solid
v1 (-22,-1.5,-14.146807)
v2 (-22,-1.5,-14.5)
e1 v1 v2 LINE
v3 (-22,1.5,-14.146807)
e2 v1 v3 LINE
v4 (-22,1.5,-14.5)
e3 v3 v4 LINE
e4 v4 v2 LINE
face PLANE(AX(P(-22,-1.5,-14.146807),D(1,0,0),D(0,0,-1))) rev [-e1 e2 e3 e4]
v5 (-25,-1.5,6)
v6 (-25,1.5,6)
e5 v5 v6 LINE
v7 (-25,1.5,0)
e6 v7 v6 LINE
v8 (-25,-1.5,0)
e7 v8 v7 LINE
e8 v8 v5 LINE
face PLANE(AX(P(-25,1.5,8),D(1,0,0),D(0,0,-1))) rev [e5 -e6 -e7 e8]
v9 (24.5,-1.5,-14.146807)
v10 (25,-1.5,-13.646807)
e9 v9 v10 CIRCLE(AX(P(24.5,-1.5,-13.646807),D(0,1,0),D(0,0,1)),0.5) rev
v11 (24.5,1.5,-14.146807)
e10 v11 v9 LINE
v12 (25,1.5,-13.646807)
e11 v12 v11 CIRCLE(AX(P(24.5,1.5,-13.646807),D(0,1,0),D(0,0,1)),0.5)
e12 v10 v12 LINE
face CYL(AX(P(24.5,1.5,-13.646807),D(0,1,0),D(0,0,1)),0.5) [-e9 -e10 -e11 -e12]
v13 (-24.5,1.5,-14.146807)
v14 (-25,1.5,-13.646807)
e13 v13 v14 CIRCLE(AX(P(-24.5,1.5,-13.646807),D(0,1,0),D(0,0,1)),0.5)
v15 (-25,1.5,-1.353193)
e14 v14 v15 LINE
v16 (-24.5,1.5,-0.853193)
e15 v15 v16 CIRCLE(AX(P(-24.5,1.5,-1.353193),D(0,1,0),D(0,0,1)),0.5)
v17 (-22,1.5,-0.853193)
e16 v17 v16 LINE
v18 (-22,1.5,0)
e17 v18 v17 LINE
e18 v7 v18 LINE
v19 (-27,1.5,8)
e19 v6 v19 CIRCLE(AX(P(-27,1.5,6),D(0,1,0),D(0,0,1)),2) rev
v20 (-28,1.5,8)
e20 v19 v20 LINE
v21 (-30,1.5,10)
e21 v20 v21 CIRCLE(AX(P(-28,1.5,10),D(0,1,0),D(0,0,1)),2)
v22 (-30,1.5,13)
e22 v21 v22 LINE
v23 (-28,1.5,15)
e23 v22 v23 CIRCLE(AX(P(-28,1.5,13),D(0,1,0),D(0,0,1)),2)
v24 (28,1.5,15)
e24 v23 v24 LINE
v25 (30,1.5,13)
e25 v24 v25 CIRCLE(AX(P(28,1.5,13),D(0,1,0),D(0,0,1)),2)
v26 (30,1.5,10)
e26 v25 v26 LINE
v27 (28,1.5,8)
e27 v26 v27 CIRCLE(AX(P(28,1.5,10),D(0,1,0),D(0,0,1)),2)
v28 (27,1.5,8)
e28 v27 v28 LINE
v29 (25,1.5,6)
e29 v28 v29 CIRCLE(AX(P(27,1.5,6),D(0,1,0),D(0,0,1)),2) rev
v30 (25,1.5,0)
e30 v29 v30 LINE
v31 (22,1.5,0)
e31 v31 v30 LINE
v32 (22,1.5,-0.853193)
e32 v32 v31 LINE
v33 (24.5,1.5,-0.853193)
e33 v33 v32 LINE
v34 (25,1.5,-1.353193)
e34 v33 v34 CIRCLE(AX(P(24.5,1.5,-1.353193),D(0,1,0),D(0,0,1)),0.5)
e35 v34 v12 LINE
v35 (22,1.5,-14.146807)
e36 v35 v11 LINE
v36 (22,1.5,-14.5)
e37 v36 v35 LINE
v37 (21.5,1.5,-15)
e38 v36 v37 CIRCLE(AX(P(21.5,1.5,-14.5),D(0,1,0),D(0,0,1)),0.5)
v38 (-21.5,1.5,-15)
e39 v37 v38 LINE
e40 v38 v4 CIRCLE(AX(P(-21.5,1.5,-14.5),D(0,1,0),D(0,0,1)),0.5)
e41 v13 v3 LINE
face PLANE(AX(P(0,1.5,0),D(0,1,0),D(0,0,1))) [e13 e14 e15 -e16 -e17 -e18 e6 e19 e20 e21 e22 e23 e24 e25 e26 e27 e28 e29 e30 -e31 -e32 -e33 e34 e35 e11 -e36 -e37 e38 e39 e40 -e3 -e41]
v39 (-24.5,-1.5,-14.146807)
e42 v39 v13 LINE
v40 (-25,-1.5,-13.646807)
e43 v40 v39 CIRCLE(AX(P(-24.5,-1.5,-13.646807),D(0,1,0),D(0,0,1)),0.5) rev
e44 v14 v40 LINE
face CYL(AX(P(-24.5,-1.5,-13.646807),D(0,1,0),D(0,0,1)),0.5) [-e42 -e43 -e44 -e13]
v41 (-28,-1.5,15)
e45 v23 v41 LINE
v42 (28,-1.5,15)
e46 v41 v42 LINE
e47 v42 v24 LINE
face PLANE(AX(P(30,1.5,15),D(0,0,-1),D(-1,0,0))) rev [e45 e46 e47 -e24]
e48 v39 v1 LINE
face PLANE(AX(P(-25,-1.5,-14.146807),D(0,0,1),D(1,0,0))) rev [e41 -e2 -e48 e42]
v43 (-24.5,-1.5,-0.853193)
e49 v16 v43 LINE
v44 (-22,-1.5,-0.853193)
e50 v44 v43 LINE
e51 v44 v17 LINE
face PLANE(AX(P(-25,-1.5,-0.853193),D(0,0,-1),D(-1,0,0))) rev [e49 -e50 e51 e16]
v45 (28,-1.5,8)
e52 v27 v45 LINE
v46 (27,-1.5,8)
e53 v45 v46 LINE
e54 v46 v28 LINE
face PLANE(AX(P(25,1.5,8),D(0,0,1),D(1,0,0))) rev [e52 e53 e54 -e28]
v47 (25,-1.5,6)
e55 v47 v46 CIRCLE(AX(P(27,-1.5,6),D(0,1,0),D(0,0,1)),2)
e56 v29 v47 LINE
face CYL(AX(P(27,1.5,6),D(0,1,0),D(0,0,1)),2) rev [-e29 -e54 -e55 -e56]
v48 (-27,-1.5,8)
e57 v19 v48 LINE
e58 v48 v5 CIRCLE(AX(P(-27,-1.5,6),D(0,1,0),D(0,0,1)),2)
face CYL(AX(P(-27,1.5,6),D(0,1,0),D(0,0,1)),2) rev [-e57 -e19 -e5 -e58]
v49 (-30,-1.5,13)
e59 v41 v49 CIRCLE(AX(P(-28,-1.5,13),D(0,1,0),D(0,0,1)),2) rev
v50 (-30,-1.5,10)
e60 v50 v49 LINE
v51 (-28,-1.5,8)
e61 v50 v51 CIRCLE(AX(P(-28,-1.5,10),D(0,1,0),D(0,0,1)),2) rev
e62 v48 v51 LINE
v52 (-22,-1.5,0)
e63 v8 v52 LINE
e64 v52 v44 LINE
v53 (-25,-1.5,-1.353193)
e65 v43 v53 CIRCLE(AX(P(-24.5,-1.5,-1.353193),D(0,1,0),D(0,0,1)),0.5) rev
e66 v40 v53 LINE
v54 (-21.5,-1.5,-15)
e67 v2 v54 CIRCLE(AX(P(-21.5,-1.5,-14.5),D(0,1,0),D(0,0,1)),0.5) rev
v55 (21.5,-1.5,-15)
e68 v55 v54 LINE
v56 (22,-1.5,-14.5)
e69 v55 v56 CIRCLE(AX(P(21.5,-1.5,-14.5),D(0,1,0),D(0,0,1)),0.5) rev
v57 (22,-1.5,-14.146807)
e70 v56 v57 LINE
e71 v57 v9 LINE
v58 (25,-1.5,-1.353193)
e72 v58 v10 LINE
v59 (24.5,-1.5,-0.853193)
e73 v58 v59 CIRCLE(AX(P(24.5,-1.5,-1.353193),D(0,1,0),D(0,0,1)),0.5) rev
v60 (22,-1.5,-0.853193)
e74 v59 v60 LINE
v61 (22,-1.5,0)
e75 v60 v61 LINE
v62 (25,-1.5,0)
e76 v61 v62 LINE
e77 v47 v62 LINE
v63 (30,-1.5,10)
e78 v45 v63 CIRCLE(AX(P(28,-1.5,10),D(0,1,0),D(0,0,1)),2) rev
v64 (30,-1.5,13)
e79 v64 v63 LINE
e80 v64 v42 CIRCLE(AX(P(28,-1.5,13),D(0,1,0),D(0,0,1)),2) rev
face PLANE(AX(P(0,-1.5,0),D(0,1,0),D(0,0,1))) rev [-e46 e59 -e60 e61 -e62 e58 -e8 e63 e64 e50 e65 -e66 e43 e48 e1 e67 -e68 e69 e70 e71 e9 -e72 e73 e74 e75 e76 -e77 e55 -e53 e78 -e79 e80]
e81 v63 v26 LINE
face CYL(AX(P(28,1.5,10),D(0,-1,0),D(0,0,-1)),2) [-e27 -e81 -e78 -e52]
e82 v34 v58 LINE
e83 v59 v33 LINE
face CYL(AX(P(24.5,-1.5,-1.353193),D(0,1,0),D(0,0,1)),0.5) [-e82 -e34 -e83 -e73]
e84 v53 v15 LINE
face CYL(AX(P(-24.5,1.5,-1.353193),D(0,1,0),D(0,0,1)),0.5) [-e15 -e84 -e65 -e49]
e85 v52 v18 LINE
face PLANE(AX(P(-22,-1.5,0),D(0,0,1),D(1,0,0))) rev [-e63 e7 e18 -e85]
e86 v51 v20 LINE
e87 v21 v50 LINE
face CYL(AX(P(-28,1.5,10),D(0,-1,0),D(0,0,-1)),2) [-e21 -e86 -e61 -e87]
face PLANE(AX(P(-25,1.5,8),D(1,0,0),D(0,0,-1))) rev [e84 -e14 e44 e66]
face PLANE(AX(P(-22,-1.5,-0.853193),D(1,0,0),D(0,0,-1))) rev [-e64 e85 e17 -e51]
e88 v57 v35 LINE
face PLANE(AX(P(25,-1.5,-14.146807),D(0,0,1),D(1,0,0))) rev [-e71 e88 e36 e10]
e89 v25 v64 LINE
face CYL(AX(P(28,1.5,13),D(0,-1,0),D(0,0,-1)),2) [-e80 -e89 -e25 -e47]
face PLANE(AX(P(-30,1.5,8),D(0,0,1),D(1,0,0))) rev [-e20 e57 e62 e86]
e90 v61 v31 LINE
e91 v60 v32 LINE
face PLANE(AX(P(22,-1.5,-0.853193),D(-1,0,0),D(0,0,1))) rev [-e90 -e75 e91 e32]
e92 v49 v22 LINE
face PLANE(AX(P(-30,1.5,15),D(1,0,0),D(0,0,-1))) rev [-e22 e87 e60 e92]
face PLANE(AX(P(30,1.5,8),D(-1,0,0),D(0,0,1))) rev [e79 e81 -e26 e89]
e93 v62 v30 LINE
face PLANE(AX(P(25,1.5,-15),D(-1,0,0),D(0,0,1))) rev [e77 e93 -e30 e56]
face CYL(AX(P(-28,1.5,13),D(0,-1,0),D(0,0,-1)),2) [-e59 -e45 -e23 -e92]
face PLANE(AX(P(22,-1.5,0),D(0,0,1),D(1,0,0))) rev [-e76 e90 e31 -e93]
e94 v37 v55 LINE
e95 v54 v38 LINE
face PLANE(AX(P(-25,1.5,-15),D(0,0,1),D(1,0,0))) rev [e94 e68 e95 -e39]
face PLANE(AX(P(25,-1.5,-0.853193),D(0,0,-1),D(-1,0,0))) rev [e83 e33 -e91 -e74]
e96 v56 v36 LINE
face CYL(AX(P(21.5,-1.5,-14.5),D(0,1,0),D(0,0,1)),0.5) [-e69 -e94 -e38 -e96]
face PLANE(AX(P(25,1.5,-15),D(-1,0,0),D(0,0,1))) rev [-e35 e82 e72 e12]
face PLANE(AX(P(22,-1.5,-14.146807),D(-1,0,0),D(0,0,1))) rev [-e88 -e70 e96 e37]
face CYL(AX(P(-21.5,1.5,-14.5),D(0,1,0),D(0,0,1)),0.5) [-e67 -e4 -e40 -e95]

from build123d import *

# Parameters (mm, degrees)
BOSS_EXTRUDE1_DEPTH     = 1.5
CUT_EXTRUDE1_DEPTH      = 34.674916481
CUT_EXTRUDE1_DEPTH_BACK = 34.674916481
FILLET1_R               = 2
FILLET2_R               = 0.5


with BuildPart() as part:
    # Sketch1 → Boss-Extrude1 (new, symmetric)
    with BuildSketch(Plane(origin=(0, 0, 0), x_dir=(1, 0, 0), z_dir=(0, 1, 0))):
        Polygon((-25, -15), (-30, -15), (-30, -8), (-25, -8), (-25, 15), (25, 15), (25, -8), (30, -8), (30, -15), (25, -15), align=None)
    extrude(amount=BOSS_EXTRUDE1_DEPTH, both=True)

    # Sketch2 → Cut-Extrude1 (cut, two sides: drawn at the far end of the back side and taken through both)
    with BuildSketch(Plane(origin=(0, 1.5, 0), x_dir=(1, 0, 0), z_dir=(0, 1, 0)).offset(-CUT_EXTRUDE1_DEPTH_BACK)):
        with BuildLine():
            Line((-25, 14.146806682), (-22, 14.146806682))
            Line((-22, 14.146806682), (-22, 15))
            Line((-22, 15), (-25, 15))
            ThreePointArc((-25, 15), (-30.216117819, 7.5), (-25, 0))
            Line((-25, 0), (-22, 0))
            Line((-22, 0), (-22, 0.853193318))
            Line((-22, 0.853193318), (-25, 0.853193318))
            ThreePointArc((-25, 0.853193318), (-29.422367819, 7.5), (-25, 14.146806682))
        make_face()
        with BuildLine():
            Line((22, 0.853193318), (22, 0))
            Line((22, 0), (25, 0))
            ThreePointArc((25, 0), (30.216117819, 7.5), (25, 15))
            Line((25, 15), (22, 15))
            Line((22, 15), (22, 14.146806682))
            Line((22, 14.146806682), (25, 14.146806682))
            ThreePointArc((25, 14.146806682), (29.422367819, 7.5), (25, 0.853193318))
            Line((25, 0.853193318), (22, 0.853193318))
        make_face()
    extrude(amount=CUT_EXTRUDE1_DEPTH + CUT_EXTRUDE1_DEPTH_BACK, mode=Mode.SUBTRACT)

    # Fillet1
    fillet1_edges = [part.edges().sort_by_distance(p)[0] for p in [
        (25, 0, 8),
        (30, 0, 8),
        (30, 0, 15),
        (-30, 0, 15),
        (-30, 0, 8),
        (-25, 0, 8),
    ]]
    fillet(fillet1_edges, radius=FILLET1_R)

    # Fillet2
    fillet2_edges = [part.edges().sort_by_distance(p)[0] for p in [
        (-25, 0, -14.146806682),
        (-25, 0, -0.853193318),
        (25, 0, -14.146806682),
        (25, 0, -0.853193318),
        (-22, 0, -15),
        (22, 0, -15),
    ]]
    fillet(fillet2_edges, radius=FILLET2_R)


solid = part.part
